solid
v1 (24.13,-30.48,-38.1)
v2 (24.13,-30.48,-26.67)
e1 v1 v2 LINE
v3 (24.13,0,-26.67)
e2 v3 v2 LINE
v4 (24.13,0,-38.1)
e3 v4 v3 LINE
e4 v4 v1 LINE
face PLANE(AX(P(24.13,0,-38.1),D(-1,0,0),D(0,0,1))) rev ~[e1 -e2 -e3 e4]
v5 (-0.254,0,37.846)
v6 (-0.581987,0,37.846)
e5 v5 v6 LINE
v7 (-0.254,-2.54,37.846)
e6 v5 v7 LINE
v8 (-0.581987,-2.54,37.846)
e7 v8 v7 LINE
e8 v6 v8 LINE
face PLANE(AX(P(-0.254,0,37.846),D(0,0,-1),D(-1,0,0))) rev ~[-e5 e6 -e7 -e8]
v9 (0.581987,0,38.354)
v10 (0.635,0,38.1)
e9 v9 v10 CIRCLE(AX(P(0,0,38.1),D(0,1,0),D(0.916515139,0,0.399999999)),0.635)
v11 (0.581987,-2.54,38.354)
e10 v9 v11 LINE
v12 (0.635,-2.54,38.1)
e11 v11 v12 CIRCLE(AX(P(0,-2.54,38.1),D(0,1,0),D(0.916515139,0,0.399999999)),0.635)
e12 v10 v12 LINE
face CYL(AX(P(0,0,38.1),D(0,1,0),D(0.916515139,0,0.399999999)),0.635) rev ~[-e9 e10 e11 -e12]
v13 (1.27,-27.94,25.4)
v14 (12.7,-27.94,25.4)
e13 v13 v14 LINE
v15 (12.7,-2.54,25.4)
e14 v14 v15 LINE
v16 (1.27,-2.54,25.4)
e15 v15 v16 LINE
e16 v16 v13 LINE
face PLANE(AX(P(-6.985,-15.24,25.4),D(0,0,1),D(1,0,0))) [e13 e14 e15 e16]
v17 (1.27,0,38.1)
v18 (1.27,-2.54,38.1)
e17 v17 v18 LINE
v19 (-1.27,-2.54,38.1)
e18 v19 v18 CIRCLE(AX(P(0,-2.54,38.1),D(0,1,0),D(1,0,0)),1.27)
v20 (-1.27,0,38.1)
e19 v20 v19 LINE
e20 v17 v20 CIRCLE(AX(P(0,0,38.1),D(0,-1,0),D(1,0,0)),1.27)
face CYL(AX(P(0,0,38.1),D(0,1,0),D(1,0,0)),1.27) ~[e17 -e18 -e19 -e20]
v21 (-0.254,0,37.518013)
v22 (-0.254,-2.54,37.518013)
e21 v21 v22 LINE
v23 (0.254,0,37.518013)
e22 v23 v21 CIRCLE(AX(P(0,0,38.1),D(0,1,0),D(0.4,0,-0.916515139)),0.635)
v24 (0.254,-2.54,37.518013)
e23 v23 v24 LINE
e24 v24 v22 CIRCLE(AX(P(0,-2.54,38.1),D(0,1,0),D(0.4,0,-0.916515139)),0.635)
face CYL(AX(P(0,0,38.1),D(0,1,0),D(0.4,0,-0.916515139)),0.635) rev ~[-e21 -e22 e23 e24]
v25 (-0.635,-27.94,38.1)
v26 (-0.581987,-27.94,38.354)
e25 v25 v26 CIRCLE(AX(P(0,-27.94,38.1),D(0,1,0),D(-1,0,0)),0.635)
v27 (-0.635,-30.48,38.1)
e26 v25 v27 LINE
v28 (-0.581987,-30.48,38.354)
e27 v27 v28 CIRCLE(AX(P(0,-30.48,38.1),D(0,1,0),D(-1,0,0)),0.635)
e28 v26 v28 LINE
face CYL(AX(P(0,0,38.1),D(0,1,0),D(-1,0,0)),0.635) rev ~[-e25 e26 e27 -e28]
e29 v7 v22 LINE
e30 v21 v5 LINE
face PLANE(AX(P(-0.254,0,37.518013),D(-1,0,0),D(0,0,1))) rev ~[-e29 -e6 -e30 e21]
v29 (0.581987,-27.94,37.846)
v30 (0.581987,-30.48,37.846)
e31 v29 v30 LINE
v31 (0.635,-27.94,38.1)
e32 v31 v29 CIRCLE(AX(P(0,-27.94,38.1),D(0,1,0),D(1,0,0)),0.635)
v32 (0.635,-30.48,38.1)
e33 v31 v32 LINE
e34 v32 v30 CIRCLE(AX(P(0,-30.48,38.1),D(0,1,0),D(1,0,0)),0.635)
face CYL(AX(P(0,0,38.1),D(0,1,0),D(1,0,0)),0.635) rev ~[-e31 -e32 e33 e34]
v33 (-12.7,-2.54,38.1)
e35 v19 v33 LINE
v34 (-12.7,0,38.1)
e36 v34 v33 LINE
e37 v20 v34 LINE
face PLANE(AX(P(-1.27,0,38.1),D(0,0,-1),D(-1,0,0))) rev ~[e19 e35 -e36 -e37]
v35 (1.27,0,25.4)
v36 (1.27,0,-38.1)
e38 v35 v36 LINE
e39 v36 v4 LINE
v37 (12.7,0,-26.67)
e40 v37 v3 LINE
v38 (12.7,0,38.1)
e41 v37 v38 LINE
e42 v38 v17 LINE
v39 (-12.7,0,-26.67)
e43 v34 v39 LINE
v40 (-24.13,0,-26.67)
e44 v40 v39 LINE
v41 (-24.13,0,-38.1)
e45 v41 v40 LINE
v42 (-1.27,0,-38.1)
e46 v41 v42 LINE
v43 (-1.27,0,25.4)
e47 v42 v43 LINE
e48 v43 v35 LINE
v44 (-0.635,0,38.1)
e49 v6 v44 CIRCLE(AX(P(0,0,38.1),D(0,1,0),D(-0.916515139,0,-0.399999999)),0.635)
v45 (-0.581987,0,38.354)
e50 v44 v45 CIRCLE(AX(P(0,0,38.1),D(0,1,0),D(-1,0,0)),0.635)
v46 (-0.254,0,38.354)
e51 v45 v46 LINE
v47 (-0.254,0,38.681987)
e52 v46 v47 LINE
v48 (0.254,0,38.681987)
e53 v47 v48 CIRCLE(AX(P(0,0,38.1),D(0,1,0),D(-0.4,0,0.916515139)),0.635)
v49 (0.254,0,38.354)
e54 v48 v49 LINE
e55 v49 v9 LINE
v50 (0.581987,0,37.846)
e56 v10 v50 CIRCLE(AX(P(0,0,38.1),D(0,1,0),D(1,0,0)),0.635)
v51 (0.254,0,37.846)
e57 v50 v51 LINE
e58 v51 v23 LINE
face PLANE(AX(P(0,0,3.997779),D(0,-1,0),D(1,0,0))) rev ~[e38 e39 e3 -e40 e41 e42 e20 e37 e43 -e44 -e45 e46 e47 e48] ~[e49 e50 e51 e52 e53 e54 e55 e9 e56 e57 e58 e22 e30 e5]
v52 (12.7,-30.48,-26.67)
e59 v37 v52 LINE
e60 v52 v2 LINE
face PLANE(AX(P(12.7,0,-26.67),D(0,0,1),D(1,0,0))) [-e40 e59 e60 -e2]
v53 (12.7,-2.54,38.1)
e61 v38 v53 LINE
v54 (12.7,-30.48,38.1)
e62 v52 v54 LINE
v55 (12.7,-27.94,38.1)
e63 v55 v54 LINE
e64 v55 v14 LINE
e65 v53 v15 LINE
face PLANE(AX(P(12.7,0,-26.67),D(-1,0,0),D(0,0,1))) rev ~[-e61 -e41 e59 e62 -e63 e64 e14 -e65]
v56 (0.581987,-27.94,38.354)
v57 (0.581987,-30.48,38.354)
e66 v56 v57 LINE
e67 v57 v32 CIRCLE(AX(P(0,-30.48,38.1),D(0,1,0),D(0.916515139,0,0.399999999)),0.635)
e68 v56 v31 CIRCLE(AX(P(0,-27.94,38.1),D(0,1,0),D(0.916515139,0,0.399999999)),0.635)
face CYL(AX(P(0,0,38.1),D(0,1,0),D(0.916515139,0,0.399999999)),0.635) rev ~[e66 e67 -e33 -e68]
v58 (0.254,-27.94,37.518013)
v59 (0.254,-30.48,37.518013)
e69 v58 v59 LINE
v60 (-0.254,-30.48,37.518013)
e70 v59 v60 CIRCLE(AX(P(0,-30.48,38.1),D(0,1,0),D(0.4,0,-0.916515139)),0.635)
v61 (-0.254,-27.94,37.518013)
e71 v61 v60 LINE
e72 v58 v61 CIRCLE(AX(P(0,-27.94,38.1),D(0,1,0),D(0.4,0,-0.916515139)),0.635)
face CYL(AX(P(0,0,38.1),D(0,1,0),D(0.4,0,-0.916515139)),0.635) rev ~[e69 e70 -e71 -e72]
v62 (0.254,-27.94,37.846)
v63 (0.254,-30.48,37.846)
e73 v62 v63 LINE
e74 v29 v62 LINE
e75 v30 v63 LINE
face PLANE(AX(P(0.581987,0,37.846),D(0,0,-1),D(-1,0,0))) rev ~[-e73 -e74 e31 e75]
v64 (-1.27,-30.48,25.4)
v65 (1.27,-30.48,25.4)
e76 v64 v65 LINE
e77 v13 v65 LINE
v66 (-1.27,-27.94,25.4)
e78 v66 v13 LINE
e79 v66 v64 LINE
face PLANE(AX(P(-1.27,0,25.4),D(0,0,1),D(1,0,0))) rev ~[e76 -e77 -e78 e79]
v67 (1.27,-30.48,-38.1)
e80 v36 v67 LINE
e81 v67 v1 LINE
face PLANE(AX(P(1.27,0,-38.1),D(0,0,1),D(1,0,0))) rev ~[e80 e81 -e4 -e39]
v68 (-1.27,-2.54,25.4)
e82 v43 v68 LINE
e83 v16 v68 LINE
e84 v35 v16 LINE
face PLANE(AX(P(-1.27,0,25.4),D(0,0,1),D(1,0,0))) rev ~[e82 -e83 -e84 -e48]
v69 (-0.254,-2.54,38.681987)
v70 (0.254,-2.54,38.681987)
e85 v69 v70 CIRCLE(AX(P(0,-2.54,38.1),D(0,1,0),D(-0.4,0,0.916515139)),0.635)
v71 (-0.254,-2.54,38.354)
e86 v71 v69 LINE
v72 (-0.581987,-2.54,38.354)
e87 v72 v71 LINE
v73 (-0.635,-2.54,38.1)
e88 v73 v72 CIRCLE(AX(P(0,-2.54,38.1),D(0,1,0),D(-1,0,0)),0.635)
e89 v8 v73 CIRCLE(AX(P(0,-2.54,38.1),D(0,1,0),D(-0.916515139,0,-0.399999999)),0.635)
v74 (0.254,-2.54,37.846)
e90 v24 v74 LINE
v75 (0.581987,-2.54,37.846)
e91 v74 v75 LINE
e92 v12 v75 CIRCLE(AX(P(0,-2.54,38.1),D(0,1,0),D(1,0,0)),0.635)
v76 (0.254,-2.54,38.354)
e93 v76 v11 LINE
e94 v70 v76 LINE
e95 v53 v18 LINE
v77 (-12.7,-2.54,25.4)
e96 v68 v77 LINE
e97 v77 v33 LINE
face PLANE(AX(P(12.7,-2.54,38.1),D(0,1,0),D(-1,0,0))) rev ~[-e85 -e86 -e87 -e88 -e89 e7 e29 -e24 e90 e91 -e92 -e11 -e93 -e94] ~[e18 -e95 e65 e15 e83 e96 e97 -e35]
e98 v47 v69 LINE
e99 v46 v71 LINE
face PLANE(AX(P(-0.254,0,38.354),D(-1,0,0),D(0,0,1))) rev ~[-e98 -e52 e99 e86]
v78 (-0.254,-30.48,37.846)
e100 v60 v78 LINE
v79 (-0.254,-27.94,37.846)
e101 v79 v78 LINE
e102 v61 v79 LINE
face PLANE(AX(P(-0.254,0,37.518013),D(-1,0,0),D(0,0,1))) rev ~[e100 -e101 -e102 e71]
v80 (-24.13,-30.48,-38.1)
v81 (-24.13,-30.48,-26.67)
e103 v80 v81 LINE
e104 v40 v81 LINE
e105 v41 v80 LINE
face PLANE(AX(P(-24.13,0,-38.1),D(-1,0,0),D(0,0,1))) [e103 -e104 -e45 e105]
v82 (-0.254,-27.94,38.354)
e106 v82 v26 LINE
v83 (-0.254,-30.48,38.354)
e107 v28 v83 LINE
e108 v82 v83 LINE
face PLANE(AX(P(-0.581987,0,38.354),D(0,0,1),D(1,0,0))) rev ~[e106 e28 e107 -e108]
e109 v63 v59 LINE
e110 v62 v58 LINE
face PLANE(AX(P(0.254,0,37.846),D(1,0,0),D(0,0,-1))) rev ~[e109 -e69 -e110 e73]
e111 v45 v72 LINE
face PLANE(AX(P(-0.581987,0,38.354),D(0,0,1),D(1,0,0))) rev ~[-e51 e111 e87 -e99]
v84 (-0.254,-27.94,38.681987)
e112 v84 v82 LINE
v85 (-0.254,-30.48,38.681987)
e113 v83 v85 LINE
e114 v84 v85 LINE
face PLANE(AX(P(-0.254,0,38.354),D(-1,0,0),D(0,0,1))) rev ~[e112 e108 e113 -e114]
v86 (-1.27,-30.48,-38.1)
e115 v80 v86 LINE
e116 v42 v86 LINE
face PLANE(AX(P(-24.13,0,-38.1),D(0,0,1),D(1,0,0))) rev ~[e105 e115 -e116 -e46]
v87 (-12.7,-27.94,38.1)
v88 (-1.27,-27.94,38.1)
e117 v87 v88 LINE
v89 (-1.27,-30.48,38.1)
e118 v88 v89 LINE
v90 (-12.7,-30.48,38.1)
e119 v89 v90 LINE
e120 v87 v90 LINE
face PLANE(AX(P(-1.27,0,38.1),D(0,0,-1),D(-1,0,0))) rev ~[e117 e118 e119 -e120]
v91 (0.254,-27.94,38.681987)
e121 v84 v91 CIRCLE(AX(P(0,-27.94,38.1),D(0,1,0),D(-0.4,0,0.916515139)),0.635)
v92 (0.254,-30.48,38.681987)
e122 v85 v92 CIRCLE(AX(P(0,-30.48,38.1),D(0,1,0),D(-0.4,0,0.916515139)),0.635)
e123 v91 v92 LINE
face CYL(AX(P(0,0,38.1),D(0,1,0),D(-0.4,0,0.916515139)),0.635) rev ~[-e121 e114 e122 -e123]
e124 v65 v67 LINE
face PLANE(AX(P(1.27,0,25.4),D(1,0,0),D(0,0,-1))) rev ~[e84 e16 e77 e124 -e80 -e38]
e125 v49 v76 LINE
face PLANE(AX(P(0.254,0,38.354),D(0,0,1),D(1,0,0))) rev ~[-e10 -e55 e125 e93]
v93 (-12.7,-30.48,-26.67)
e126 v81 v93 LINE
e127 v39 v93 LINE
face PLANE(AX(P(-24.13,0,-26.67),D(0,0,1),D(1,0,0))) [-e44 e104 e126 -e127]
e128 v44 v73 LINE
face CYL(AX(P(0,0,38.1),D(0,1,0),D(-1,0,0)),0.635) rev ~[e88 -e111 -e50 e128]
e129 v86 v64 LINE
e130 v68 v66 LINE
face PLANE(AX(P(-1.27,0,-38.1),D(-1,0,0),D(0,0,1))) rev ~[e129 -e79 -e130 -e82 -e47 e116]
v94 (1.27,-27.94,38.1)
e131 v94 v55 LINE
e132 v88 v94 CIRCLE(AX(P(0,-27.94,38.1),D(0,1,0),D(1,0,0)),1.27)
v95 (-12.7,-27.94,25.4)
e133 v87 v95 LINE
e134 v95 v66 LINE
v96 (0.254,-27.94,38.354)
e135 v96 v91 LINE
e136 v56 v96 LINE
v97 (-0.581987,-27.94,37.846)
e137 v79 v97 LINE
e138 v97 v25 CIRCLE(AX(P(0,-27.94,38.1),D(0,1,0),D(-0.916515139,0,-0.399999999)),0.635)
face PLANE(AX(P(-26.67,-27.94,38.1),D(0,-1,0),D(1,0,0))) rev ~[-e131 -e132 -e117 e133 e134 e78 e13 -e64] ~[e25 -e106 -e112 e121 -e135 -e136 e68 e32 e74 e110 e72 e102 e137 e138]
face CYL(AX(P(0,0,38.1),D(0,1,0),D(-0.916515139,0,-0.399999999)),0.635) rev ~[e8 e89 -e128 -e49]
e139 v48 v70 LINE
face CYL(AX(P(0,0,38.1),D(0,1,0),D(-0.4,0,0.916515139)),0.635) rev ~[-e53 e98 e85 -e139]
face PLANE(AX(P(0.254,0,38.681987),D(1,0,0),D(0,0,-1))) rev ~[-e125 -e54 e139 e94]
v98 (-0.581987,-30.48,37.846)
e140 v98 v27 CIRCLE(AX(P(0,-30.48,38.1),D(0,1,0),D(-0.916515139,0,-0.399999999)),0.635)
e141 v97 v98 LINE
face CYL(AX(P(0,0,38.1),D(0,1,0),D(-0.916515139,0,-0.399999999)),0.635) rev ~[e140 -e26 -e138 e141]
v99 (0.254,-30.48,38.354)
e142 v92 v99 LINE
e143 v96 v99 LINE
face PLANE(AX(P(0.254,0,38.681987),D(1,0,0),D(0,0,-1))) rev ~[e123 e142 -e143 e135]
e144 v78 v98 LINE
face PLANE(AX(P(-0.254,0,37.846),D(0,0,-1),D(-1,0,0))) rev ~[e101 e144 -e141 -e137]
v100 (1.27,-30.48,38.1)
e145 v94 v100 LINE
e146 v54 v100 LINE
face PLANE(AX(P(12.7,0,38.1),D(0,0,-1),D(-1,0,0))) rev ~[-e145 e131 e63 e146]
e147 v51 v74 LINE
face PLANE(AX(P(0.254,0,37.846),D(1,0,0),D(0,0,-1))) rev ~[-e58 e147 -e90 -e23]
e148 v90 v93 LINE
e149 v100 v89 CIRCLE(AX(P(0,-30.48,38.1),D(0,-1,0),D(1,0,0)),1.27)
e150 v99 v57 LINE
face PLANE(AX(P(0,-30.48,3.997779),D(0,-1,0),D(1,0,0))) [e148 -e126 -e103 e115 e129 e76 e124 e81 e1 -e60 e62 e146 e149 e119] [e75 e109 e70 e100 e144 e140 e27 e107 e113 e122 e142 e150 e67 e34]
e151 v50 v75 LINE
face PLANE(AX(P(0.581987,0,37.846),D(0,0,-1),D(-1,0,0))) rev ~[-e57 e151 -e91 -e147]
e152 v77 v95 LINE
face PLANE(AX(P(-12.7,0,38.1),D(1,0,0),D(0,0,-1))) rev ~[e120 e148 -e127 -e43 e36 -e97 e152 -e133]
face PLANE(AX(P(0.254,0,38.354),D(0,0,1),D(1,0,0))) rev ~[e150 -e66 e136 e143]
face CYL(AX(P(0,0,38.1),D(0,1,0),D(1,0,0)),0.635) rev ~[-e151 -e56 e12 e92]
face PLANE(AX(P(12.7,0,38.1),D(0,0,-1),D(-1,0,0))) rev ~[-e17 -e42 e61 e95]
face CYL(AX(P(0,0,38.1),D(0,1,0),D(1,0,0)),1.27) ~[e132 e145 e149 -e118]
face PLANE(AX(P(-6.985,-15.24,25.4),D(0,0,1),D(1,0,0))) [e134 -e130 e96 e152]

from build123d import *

# Parameters (mm, degrees)
F0_W          = 11.43
F0_H          = 11.43
F1_DEPTH      = 30.48
F3_DEPTH      = 12.7
F3_DEPTH_BACK = 25.4


with BuildPart() as f1:
    # F0 (on Front) → F1 (new body)
    with BuildSketch(Plane.XZ):
        with BuildLine():
            Line((12.7, 38.1), (1.27, 38.1))
            ThreePointArc((1.27, 38.1), (0, 36.83), (-1.27, 38.1))
            Line((-1.27, 38.1), (-12.7, 38.1))
            Line((-12.7, 38.1), (-12.7, -26.67))
            Line((-12.7, -26.67), (-1.27, -26.67))
            Line((-1.27, -26.67), (-1.27, 25.4))
            Line((-1.27, 25.4), (1.27, 25.4))
            Line((1.27, 25.4), (1.27, -26.67))
            Line((1.27, -26.67), (12.7, -26.67))
            Line((12.7, -26.67), (12.7, 38.1))
        make_face()
        with BuildLine():
            ThreePointArc((-1.27, 38.1), (0, 36.83), (1.27, 38.1))
            Line((1.27, 38.1), (0.909717055, 38.1))
            Line((0.909717055, 38.1), (0.909717055, 37.846))
            Line((0.909717055, 37.846), (0.5819871133, 37.846))
            ThreePointArc((0.5819871133, 37.846), (0.4490128061, 37.6509871939), (0.254, 37.5180128867))
            Line((0.254, 37.5180128867), (0.254, 37.3829295754))
            Line((0.254, 37.3829295754), (-0.254, 37.3829295754))
            Line((-0.254, 37.3829295754), (-0.254, 37.5180128867))
            ThreePointArc((-0.254, 37.5180128867), (-0.4490128061, 37.6509871939), (-0.5819871133, 37.846))
            Line((-0.5819871133, 37.846), (-0.909717055, 37.846))
            Line((-0.909717055, 37.846), (-0.909717055, 38.1))
            Line((-0.909717055, 38.1), (-1.27, 38.1))
        make_face()
        with Locations((-6.985, -32.385)):
            Rectangle(F0_W, F0_H)
        with Locations((-18.415, -32.385)):
            Rectangle(F0_W, F0_H)
        with Locations((6.985, -32.385)):
            Rectangle(F0_W, F0_H)
        with Locations((18.415, -32.385)):
            Rectangle(F0_W, F0_H)
        with BuildLine():
            Line((0.909717055, 38.1), (1.27, 38.1))
            ThreePointArc((1.27, 38.1), (0, 39.37), (-1.27, 38.1))
            Line((-1.27, 38.1), (-0.909717055, 38.1))
            Line((-0.909717055, 38.1), (-0.909717055, 38.354))
            Line((-0.909717055, 38.354), (-0.5819871133, 38.354))
            ThreePointArc((-0.5819871133, 38.354), (-0.4490128061, 38.5490128061), (-0.254, 38.6819871133))
            Line((-0.254, 38.6819871133), (-0.254, 38.8170704246))
            Line((-0.254, 38.8170704246), (0.254, 38.8170704246))
            Line((0.254, 38.8170704246), (0.254, 38.6819871133))
            ThreePointArc((0.254, 38.6819871133), (0.4490128061, 38.5490128061), (0.5819871133, 38.354))
            Line((0.5819871133, 38.354), (0.909717055, 38.354))
            Line((0.909717055, 38.354), (0.909717055, 38.1))
        make_face()
        with BuildLine():
            Line((-0.635, 38.1), (-0.909717055, 38.1))
            Line((-0.909717055, 38.1), (-0.909717055, 37.846))
            Line((-0.909717055, 37.846), (-0.5819871133, 37.846))
            ThreePointArc((-0.5819871133, 37.846), (-0.6216055087, 37.9702633763), (-0.635, 38.1))
        make_face()
        with BuildLine():
            Line((-0.909717055, 38.354), (-0.909717055, 38.1))
            Line((-0.909717055, 38.1), (-0.635, 38.1))
            ThreePointArc((-0.635, 38.1), (-0.6216055087, 38.2297366237), (-0.5819871133, 38.354))
            Line((-0.5819871133, 38.354), (-0.909717055, 38.354))
        make_face()
        with BuildLine():
            ThreePointArc((-0.254, 38.6819871133), (-0.4490128061, 38.5490128061), (-0.5819871133, 38.354))
            Line((-0.5819871133, 38.354), (-0.254, 38.354))
            Line((-0.254, 38.354), (-0.254, 38.6819871133))
        make_face()
        with BuildLine():
            Line((0.254, 38.354), (0.5819871133, 38.354))
            ThreePointArc((0.5819871133, 38.354), (0.4490128061, 38.5490128061), (0.254, 38.6819871133))
            Line((0.254, 38.6819871133), (0.254, 38.354))
        make_face()
        with BuildLine():
            Line((0.635, 38.1), (0.909717055, 38.1))
            Line((0.909717055, 38.1), (0.909717055, 38.354))
            Line((0.909717055, 38.354), (0.5819871133, 38.354))
            ThreePointArc((0.5819871133, 38.354), (0.6216055087, 38.2297366237), (0.635, 38.1))
        make_face()
        with BuildLine():
            Line((0.909717055, 37.846), (0.909717055, 38.1))
            Line((0.909717055, 38.1), (0.635, 38.1))
            ThreePointArc((0.635, 38.1), (0.6216055087, 37.9702633763), (0.5819871133, 37.846))
            Line((0.5819871133, 37.846), (0.909717055, 37.846))
        make_face()
        with BuildLine():
            ThreePointArc((0.254, 37.5180128867), (0.4490128061, 37.6509871939), (0.5819871133, 37.846))
            Line((0.5819871133, 37.846), (0.254, 37.846))
            Line((0.254, 37.846), (0.254, 37.5180128867))
        make_face()
        with BuildLine():
            Line((0.254, 37.3829295754), (0.254, 37.5180128867))
            ThreePointArc((0.254, 37.5180128867), (0, 37.465), (-0.254, 37.5180128867))
            Line((-0.254, 37.5180128867), (-0.254, 37.3829295754))
            Line((-0.254, 37.3829295754), (0.254, 37.3829295754))
        make_face()
        with BuildLine():
            ThreePointArc((-0.254, 38.6819871133), (0, 38.735), (0.254, 38.6819871133))
            Line((0.254, 38.6819871133), (0.254, 38.8170704246))
            Line((0.254, 38.8170704246), (-0.254, 38.8170704246))
            Line((-0.254, 38.8170704246), (-0.254, 38.6819871133))
        make_face()
        with BuildLine():
            Line((-0.254, 37.846), (-0.5819871133, 37.846))
            ThreePointArc((-0.5819871133, 37.846), (-0.4490128061, 37.6509871939), (-0.254, 37.5180128867))
            Line((-0.254, 37.5180128867), (-0.254, 37.846))
        make_face()
    extrude(amount=F1_DEPTH)

    # F2 (on face) → F3 (cut, two sides)
    with BuildSketch(Plane.XY.offset(38.1)) as f3_sk:
        Polygon((12.7, -27.94), (12.7, -2.54), (-6.985, -2.54), (-26.67, -2.54), (-26.67, -27.94), align=None)
    extrude(amount=-F3_DEPTH, mode=Mode.SUBTRACT)
    extrude(f3_sk.sketch, amount=F3_DEPTH_BACK, mode=Mode.SUBTRACT)


solid = f1.part
